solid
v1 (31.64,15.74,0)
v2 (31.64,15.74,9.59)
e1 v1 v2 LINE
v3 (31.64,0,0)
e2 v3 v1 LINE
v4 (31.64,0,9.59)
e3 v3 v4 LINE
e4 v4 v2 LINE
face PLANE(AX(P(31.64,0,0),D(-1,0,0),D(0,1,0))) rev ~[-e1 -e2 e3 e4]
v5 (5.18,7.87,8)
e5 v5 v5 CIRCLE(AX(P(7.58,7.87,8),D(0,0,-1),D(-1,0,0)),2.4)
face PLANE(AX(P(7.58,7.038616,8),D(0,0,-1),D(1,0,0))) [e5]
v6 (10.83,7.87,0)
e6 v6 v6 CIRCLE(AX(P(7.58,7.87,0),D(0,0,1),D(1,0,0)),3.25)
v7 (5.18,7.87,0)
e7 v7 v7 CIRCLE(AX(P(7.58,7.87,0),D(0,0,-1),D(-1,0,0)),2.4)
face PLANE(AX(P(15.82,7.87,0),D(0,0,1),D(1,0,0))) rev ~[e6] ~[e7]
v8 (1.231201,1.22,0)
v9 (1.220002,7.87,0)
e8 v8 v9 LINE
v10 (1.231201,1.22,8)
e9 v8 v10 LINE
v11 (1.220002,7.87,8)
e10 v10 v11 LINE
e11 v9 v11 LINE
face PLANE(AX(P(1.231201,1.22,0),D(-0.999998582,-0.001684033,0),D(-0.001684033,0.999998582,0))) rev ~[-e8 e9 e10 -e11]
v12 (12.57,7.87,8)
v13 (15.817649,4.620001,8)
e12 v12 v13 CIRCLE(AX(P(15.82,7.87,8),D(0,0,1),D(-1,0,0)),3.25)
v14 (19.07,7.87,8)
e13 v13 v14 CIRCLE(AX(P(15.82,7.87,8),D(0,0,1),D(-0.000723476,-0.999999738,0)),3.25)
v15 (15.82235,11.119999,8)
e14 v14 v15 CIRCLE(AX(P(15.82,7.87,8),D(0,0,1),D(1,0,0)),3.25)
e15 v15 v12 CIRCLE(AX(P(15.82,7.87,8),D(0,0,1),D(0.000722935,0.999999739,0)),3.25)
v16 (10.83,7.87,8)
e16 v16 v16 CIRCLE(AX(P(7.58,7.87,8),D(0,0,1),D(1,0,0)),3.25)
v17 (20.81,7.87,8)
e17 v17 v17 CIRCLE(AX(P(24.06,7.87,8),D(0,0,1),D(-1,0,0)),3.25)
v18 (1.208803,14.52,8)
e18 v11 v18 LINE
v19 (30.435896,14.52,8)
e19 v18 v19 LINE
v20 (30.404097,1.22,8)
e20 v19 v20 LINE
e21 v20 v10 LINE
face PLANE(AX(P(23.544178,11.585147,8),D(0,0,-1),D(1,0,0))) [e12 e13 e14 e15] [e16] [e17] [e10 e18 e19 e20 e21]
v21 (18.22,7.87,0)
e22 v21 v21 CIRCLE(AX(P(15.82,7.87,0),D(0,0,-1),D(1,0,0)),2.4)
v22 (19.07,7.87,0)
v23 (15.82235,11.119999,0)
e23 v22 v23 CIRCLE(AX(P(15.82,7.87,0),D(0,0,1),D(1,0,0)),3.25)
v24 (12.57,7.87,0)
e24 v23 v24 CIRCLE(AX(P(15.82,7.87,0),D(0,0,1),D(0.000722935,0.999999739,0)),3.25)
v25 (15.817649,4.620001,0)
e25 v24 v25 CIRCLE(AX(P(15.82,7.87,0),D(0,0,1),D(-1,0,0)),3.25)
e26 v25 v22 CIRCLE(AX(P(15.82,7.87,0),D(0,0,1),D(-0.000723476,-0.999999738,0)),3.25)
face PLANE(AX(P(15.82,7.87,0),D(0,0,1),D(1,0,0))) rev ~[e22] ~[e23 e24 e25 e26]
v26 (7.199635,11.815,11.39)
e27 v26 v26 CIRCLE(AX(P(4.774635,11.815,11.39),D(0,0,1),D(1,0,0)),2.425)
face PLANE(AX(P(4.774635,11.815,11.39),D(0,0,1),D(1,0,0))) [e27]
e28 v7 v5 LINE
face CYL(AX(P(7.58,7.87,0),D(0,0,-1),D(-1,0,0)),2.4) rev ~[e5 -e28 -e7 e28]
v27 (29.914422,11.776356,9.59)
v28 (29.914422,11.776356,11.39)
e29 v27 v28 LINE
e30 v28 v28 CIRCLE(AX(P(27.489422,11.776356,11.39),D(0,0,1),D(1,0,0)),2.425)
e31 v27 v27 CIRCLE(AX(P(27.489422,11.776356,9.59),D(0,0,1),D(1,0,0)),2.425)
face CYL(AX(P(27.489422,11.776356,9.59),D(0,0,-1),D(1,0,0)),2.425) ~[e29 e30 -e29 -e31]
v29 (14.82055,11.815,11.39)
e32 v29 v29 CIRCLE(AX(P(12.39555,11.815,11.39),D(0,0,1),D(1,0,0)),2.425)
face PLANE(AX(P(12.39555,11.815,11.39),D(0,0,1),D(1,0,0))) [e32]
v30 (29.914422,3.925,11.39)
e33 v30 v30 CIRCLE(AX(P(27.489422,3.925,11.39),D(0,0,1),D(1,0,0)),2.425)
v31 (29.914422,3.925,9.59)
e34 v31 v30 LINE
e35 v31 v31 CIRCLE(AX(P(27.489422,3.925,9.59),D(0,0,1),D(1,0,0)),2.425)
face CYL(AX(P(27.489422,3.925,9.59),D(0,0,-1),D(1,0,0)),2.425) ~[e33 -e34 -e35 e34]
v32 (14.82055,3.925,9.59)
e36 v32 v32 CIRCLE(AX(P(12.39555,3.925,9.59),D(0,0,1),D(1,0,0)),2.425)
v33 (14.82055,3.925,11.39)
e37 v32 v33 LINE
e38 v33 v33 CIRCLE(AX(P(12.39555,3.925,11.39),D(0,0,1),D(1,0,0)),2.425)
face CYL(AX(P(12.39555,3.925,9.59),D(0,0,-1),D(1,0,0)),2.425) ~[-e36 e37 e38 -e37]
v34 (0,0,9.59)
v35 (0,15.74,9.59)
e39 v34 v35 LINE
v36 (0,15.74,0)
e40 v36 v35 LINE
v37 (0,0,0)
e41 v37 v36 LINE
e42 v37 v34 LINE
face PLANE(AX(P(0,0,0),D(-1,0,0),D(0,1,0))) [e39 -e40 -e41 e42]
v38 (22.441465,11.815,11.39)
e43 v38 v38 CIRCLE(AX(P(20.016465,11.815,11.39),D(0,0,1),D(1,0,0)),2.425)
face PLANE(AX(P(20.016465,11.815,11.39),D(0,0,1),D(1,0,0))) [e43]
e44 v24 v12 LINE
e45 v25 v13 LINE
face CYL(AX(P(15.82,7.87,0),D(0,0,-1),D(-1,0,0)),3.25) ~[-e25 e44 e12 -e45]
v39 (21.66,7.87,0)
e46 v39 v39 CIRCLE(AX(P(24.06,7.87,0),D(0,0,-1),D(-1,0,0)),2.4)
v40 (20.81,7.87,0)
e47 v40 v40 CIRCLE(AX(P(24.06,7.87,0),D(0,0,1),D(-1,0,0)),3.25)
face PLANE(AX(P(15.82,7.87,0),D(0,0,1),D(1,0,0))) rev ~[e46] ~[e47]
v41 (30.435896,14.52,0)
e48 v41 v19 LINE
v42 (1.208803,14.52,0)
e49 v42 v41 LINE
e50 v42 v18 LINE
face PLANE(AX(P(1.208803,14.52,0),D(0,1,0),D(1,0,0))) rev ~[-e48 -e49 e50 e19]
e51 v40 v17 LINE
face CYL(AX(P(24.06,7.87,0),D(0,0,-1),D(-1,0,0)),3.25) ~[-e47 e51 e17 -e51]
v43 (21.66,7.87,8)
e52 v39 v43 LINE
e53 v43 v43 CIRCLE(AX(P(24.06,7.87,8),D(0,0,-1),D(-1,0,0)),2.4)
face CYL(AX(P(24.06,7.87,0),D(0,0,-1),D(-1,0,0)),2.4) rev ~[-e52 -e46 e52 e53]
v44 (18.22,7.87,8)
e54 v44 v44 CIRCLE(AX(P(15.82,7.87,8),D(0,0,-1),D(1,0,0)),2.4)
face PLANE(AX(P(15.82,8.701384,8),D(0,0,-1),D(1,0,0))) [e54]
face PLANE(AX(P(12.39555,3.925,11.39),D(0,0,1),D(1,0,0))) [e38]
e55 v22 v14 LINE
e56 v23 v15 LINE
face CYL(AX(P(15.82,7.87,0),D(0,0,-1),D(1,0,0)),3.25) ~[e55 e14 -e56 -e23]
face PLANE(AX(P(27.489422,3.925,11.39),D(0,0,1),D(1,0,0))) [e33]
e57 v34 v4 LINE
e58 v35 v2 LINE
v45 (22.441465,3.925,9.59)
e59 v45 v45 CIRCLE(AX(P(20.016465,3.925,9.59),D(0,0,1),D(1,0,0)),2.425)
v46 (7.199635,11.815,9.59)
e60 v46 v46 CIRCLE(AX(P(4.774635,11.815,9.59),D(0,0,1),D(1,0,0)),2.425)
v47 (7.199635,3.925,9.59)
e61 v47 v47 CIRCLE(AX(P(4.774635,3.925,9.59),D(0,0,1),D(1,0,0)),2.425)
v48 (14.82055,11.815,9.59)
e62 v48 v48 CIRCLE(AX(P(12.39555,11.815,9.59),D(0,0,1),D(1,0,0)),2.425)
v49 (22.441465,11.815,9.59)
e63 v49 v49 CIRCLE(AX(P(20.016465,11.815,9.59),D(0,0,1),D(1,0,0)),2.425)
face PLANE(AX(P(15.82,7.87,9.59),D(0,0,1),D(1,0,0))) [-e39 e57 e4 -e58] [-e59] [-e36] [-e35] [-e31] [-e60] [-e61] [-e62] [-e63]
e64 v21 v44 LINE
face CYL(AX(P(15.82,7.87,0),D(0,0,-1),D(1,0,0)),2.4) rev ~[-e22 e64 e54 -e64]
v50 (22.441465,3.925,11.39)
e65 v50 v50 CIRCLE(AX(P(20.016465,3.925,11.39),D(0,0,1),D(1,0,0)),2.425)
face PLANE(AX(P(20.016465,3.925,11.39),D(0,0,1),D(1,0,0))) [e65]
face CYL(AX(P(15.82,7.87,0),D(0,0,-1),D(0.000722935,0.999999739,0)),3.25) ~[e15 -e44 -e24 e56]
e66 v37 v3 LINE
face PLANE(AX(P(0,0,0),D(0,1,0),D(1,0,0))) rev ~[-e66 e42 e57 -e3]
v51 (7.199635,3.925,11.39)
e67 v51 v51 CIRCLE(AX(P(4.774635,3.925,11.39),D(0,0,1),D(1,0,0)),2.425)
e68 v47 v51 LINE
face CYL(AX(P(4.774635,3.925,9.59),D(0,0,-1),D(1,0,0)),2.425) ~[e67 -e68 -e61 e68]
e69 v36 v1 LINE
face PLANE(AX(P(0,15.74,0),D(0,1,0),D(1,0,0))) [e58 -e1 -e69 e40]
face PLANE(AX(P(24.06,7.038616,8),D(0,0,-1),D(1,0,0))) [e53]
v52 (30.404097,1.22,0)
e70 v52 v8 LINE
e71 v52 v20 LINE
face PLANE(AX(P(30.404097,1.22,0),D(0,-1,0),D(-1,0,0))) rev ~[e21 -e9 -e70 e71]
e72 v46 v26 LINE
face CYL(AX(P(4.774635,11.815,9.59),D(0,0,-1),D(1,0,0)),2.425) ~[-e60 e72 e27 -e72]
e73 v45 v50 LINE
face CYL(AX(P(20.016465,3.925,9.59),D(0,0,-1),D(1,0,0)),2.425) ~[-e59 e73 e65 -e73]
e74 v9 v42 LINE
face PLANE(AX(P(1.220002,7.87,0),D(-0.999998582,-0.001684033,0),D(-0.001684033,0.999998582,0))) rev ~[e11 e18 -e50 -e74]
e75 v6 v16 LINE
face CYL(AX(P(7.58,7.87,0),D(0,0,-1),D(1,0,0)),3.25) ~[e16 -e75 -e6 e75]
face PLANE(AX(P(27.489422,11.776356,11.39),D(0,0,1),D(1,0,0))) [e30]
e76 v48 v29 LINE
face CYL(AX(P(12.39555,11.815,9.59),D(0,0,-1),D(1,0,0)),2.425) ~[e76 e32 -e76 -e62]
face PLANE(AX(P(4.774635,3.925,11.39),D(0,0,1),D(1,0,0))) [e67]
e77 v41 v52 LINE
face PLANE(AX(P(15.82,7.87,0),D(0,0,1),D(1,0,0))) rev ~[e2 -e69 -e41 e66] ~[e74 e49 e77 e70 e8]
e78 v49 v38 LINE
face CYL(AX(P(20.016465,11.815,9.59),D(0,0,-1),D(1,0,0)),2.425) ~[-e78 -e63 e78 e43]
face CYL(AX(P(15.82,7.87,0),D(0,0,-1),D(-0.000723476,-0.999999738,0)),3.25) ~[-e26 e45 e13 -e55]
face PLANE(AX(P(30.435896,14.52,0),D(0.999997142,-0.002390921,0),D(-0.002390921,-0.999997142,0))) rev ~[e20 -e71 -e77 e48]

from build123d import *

# Parameters (mm, degrees)
F0_W     = 31.64
F0_H     = 15.74
F1_DEPTH = 9.59
F2_R     = 2.425
F3_DEPTH = 1.8
F5_DEPTH = 8


with BuildPart() as f1:
    # F0 (on Top) → F1 (new body)
    with BuildSketch(Plane.XY):
        with Locations((15.82, 7.87)):
            Rectangle(F0_W, F0_H)
    extrude(amount=F1_DEPTH)

    # F2 (on face) → F3 (join)
    with BuildSketch(Plane.XY.offset(9.59)):
        with Locations((4.7746349379, 11.815)):
            Circle(F2_R)
        with Locations((12.3955499551, 11.815)):
            Circle(F2_R)
        with Locations((20.0164649723, 11.815)):
            Circle(F2_R)
        with Locations((27.4894218309, 11.7763556091)):
            Circle(F2_R)
        with Locations((4.7746349379, 3.925)):
            Circle(F2_R)
        with Locations((12.3955499551, 3.925)):
            Circle(F2_R)
        with Locations((20.0164649723, 3.925)):
            Circle(F2_R)
        with Locations((27.4894218309, 3.925)):
            Circle(F2_R)
    extrude(amount=F3_DEPTH)

    # F4 (on face) → F5 (cut)
    with BuildSketch(Plane(origin=(0, 0, 0), x_dir=(1, 0, 0), z_dir=(0, 0, -1))):
        with BuildLine():
            ThreePointArc((19.07, -7.87), (18.1189275762, -10.1672662012), (15.8223495388, -11.1199991507))
            Line((15.8223495388, -11.1199991507), (15.8223495388, -14.52))
            Line((15.8223495388, -14.52), (30.4358961851, -14.52))
            Line((30.4358961851, -14.52), (30.4199965129, -7.87))
            Line((30.4199965129, -7.87), (27.31, -7.87))
            ThreePointArc((27.31, -7.87), (24.06, -11.12), (20.81, -7.87))
            Line((20.81, -7.87), (19.07, -7.87))
        make_face()
        with BuildLine():
            Line((15.817648704, -1.22), (15.817648704, -4.6200008506))
            ThreePointArc((15.817648704, -4.6200008506), (18.1172655798, -5.5710718028), (19.07, -7.87))
            Line((19.07, -7.87), (20.81, -7.87))
            ThreePointArc((20.81, -7.87), (24.06, -4.62), (27.31, -7.87))
            Line((27.31, -7.87), (30.4199965129, -7.87))
            Line((30.4199965129, -7.87), (30.4040968407, -1.22))
            Line((30.4040968407, -1.22), (15.817648704, -1.22))
        make_face()
        with BuildLine():
            ThreePointArc((4.33, -7.87), (7.58, -4.62), (10.83, -7.87))
            Line((10.83, -7.87), (12.57, -7.87))
            ThreePointArc((12.57, -7.87), (13.5210718028, -5.5727344202), (15.817648704, -4.6200008506))
            Line((15.817648704, -4.6200008506), (15.817648704, -1.22))
            Line((15.817648704, -1.22), (1.2312005673, -1.22))
            Line((1.2312005673, -1.22), (1.2200017299, -7.87))
            Line((1.2200017299, -7.87), (4.33, -7.87))
        make_face()
        with BuildLine():
            Line((12.57, -7.87), (10.83, -7.87))
            ThreePointArc((10.83, -7.87), (7.58, -11.12), (4.33, -7.87))
            Line((4.33, -7.87), (1.2200017299, -7.87))
            Line((1.2200017299, -7.87), (1.2088028926, -14.52))
            Line((1.2088028926, -14.52), (15.8223495388, -14.52))
            Line((15.8223495388, -14.52), (15.8223495388, -11.1199991507))
            ThreePointArc((15.8223495388, -11.1199991507), (13.5227337988, -10.1689275762), (12.57, -7.87))
        make_face()
        with BuildLine():
            Line((5.18, -7.87), (9.98, -7.87))
            ThreePointArc((9.98, -7.87), (7.58, -5.47), (5.18, -7.87))
        make_face()
        with BuildLine():
            ThreePointArc((5.18, -7.87), (7.58, -10.27), (9.98, -7.87))
            Line((9.98, -7.87), (5.18, -7.87))
        make_face()
        with BuildLine():
            Line((18.22, -7.87), (13.42, -7.87))
            ThreePointArc((13.42, -7.87), (15.82, -10.27), (18.22, -7.87))
        make_face()
        with BuildLine():
            ThreePointArc((18.22, -7.87), (15.82, -5.47), (13.42, -7.87))
            Line((13.42, -7.87), (18.22, -7.87))
        make_face()
        with BuildLine():
            ThreePointArc((26.46, -7.87), (24.06, -5.47), (21.66, -7.87))
            Line((21.66, -7.87), (26.46, -7.87))
        make_face()
        with BuildLine():
            Line((26.46, -7.87), (21.66, -7.87))
            ThreePointArc((21.66, -7.87), (24.06, -10.27), (26.46, -7.87))
        make_face()
    extrude(amount=-F5_DEPTH, mode=Mode.SUBTRACT)


solid = f1.part
